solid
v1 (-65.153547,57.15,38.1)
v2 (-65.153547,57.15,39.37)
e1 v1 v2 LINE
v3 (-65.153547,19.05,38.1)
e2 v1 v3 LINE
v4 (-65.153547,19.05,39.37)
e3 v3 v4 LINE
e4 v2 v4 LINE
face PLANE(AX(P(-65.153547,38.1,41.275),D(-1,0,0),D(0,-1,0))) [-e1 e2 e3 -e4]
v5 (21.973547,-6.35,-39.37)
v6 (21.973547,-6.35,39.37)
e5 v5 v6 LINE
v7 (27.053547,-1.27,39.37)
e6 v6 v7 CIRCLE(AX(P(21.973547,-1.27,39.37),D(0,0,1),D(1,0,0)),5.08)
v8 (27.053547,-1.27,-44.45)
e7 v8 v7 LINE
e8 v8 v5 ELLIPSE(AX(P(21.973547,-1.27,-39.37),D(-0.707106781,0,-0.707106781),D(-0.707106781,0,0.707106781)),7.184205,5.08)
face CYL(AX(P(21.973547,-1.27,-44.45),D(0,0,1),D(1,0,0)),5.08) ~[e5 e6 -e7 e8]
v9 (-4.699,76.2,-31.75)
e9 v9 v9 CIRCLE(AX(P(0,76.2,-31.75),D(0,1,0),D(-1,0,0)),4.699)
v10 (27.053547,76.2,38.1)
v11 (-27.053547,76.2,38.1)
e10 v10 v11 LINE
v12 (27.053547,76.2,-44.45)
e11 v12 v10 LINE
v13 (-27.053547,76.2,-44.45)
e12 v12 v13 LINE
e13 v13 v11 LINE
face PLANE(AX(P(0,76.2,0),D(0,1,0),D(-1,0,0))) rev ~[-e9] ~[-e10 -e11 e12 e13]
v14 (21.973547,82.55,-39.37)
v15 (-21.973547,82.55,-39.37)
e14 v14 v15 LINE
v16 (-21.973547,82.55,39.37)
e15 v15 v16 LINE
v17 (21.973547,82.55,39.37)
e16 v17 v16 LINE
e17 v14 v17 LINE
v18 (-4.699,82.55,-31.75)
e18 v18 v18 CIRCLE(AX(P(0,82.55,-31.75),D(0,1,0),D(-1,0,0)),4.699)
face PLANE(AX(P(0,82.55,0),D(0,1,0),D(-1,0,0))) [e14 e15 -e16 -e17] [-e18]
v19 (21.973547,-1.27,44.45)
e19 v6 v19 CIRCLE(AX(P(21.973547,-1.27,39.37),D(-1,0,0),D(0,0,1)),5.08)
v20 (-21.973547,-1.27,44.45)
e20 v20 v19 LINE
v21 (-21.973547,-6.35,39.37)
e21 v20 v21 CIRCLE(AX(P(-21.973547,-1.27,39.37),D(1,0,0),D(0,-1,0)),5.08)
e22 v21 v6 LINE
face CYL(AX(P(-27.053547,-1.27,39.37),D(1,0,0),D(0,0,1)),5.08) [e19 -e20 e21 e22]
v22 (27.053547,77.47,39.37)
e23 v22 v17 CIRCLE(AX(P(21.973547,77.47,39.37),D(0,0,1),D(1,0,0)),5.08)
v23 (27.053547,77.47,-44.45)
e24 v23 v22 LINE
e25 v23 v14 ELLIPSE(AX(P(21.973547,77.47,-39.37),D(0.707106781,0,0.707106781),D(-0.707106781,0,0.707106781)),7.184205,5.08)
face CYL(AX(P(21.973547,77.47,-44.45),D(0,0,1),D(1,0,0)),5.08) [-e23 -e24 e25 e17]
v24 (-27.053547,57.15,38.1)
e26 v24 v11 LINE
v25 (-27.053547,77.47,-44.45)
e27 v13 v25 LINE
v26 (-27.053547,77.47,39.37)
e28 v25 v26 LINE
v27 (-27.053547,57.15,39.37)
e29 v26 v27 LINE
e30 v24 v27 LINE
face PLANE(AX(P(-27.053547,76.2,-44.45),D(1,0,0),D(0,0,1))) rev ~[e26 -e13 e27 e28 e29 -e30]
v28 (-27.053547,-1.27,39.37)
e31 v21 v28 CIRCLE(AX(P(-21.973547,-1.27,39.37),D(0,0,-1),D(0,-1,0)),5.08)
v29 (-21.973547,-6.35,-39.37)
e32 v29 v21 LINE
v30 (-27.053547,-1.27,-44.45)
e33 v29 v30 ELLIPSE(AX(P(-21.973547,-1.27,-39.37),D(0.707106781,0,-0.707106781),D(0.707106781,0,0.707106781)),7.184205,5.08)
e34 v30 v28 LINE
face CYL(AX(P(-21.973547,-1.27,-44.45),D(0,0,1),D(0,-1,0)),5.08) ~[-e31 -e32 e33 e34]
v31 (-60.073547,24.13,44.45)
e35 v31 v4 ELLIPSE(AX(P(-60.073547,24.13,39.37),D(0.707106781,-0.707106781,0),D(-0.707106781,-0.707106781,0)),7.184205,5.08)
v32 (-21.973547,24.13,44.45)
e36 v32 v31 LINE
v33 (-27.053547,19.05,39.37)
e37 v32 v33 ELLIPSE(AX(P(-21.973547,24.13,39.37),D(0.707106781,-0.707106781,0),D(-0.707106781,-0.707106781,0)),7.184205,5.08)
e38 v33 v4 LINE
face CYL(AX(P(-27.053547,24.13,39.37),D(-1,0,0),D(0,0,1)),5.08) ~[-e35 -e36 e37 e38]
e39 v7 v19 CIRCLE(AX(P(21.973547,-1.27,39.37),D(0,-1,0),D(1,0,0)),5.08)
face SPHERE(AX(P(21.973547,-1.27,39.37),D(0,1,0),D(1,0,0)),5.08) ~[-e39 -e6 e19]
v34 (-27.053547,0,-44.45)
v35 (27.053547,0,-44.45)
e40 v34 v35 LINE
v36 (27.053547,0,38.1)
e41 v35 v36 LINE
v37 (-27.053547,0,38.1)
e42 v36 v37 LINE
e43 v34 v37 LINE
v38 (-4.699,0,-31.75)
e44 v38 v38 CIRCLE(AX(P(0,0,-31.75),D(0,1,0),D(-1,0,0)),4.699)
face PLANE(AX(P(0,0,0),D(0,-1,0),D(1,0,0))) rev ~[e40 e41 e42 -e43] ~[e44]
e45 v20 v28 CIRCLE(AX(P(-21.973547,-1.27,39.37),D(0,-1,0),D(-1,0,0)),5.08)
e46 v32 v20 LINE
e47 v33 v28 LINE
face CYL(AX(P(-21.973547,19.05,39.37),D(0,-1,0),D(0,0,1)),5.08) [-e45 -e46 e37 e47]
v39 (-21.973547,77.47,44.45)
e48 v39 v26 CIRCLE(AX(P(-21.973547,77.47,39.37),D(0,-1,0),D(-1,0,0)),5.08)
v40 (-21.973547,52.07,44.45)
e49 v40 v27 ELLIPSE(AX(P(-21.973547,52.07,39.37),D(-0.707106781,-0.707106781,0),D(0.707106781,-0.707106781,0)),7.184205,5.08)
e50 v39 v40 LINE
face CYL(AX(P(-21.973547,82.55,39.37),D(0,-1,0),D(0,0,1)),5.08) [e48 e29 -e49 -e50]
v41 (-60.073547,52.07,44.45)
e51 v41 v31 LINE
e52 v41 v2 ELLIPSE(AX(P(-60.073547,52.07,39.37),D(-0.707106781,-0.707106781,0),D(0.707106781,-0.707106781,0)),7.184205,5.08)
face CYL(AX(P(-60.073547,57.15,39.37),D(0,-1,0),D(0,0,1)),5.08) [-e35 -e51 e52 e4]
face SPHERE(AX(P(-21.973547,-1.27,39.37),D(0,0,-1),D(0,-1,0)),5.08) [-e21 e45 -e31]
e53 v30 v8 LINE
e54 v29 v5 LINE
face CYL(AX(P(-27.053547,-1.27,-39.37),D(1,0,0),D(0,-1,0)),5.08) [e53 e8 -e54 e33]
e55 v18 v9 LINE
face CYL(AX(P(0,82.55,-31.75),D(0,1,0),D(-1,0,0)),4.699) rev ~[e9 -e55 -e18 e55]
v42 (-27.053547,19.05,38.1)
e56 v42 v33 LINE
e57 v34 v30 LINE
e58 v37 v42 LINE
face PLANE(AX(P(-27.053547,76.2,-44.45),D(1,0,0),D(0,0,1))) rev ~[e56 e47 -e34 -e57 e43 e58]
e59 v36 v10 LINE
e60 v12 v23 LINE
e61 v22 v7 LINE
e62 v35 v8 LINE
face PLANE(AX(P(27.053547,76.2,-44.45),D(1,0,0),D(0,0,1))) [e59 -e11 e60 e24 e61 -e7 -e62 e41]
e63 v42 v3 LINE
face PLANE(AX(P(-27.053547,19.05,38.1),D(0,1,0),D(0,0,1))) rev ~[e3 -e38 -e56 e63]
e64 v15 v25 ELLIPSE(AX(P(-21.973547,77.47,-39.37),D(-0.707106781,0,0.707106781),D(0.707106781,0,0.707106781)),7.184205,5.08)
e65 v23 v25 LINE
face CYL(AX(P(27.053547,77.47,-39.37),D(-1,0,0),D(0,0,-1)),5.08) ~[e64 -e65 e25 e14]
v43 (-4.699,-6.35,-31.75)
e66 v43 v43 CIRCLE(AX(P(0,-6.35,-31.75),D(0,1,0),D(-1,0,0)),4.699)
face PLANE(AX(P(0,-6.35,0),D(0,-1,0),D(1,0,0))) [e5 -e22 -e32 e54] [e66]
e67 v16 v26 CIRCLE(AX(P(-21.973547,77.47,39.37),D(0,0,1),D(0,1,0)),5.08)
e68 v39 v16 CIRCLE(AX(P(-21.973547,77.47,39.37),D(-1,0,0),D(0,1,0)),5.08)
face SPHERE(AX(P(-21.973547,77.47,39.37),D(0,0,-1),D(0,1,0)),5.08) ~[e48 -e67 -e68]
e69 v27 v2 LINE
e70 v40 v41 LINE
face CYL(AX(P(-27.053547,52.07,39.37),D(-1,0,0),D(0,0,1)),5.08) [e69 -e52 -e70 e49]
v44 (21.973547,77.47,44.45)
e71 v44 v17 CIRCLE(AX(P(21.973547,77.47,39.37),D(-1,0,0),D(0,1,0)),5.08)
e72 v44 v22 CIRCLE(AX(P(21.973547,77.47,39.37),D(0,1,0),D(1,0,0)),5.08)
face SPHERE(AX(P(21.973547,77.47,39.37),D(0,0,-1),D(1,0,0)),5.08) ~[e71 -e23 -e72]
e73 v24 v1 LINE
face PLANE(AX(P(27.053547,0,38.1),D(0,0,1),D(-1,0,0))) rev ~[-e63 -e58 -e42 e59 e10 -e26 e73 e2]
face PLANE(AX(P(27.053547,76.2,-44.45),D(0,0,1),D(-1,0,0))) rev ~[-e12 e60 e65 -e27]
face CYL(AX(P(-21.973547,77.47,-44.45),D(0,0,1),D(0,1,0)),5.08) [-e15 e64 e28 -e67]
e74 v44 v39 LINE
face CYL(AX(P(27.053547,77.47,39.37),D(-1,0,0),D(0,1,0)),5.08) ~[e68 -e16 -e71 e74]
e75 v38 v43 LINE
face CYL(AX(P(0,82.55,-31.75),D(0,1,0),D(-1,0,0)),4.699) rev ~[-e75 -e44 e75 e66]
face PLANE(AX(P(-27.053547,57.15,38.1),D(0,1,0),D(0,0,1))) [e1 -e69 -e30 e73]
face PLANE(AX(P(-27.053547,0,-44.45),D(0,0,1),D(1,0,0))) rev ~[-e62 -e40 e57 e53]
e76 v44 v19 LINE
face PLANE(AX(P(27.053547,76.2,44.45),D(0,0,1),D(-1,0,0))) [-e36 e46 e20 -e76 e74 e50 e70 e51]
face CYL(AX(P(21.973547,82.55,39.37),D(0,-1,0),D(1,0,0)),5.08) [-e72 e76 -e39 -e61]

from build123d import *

# Parameters (mm, degrees)
F0_W     = 54.107094341
F0_H     = 88.9
F1_DEPTH = 6.35
F2_W     = 54.107094341
F2_H     = 6.35
F3_DEPTH = 76.2
F4_W     = 54.107094341
F4_H     = 88.9
F5_DEPTH = 6.35
F6_R     = 4.699
F7_DEPTH = 109.22
F8_W     = 38.1
F8_H     = 6.35
F9_DEPTH = 38.1
F10_R    = 5.08


with BuildPart() as f1:
    # F0 (on Front) → F1 (new body)
    with BuildSketch(Plane.XZ):
        Rectangle(F0_W, F0_H)
    extrude(amount=F1_DEPTH)

    # F2 (on face) → F3 (join)
    with BuildSketch(Plane(origin=(0, 0, 0), x_dir=(-1, 0, 0), z_dir=(0, 1, 0))):
        with Locations((0, 41.275)):
            Rectangle(F2_W, F2_H)
    extrude(amount=F3_DEPTH)

    # F4 (on face) → F5 (join)
    with BuildSketch(Plane(origin=(0, 76.2, 0), x_dir=(-1, 0, 0), z_dir=(0, 1, 0))):
        Rectangle(F4_W, F4_H)
    extrude(amount=F5_DEPTH)

    # F6 (on face) → F7 (cut)
    with BuildSketch(Plane(origin=(0, 82.55, 0), x_dir=(-1, 0, 0), z_dir=(0, 1, 0))):
        with Locations((0, -31.75)):
            Circle(F6_R)
    extrude(amount=-F7_DEPTH, mode=Mode.SUBTRACT)

    # F8 (on face) → F9 (join)
    with BuildSketch(Plane(origin=(-27.0535471705, 0, 0), x_dir=(0, -1, 0), z_dir=(-1, 0, 0))):
        with Locations((-38.1, 41.275)):
            Rectangle(F8_W, F8_H)
    extrude(amount=F9_DEPTH)

    # F10
    f10_edges = [f1.edges().sort_by_distance(p)[0] for p in [
        (27.053547, 82.55, 0),
        (27.053547, 38.1, 44.45),
        (-27.053547, 82.55, 0),
        (-27.053547, -6.35, 0),
        (27.053547, -6.35, 0),
        (0, -6.35, -44.45),
        (0, 82.55, -44.45),
        (0, -6.35, 44.45),
        (0, 82.55, 44.45),
        (-27.053547, 69.85, 44.45),
        (-27.053547, 6.35, 44.45),
        (-65.153547, 38.1, 44.45),
        (-46.103547, 19.05, 44.45),
        (-46.103547, 57.15, 44.45),
    ]]
    fillet(f10_edges, radius=F10_R)


solid = f1.part
